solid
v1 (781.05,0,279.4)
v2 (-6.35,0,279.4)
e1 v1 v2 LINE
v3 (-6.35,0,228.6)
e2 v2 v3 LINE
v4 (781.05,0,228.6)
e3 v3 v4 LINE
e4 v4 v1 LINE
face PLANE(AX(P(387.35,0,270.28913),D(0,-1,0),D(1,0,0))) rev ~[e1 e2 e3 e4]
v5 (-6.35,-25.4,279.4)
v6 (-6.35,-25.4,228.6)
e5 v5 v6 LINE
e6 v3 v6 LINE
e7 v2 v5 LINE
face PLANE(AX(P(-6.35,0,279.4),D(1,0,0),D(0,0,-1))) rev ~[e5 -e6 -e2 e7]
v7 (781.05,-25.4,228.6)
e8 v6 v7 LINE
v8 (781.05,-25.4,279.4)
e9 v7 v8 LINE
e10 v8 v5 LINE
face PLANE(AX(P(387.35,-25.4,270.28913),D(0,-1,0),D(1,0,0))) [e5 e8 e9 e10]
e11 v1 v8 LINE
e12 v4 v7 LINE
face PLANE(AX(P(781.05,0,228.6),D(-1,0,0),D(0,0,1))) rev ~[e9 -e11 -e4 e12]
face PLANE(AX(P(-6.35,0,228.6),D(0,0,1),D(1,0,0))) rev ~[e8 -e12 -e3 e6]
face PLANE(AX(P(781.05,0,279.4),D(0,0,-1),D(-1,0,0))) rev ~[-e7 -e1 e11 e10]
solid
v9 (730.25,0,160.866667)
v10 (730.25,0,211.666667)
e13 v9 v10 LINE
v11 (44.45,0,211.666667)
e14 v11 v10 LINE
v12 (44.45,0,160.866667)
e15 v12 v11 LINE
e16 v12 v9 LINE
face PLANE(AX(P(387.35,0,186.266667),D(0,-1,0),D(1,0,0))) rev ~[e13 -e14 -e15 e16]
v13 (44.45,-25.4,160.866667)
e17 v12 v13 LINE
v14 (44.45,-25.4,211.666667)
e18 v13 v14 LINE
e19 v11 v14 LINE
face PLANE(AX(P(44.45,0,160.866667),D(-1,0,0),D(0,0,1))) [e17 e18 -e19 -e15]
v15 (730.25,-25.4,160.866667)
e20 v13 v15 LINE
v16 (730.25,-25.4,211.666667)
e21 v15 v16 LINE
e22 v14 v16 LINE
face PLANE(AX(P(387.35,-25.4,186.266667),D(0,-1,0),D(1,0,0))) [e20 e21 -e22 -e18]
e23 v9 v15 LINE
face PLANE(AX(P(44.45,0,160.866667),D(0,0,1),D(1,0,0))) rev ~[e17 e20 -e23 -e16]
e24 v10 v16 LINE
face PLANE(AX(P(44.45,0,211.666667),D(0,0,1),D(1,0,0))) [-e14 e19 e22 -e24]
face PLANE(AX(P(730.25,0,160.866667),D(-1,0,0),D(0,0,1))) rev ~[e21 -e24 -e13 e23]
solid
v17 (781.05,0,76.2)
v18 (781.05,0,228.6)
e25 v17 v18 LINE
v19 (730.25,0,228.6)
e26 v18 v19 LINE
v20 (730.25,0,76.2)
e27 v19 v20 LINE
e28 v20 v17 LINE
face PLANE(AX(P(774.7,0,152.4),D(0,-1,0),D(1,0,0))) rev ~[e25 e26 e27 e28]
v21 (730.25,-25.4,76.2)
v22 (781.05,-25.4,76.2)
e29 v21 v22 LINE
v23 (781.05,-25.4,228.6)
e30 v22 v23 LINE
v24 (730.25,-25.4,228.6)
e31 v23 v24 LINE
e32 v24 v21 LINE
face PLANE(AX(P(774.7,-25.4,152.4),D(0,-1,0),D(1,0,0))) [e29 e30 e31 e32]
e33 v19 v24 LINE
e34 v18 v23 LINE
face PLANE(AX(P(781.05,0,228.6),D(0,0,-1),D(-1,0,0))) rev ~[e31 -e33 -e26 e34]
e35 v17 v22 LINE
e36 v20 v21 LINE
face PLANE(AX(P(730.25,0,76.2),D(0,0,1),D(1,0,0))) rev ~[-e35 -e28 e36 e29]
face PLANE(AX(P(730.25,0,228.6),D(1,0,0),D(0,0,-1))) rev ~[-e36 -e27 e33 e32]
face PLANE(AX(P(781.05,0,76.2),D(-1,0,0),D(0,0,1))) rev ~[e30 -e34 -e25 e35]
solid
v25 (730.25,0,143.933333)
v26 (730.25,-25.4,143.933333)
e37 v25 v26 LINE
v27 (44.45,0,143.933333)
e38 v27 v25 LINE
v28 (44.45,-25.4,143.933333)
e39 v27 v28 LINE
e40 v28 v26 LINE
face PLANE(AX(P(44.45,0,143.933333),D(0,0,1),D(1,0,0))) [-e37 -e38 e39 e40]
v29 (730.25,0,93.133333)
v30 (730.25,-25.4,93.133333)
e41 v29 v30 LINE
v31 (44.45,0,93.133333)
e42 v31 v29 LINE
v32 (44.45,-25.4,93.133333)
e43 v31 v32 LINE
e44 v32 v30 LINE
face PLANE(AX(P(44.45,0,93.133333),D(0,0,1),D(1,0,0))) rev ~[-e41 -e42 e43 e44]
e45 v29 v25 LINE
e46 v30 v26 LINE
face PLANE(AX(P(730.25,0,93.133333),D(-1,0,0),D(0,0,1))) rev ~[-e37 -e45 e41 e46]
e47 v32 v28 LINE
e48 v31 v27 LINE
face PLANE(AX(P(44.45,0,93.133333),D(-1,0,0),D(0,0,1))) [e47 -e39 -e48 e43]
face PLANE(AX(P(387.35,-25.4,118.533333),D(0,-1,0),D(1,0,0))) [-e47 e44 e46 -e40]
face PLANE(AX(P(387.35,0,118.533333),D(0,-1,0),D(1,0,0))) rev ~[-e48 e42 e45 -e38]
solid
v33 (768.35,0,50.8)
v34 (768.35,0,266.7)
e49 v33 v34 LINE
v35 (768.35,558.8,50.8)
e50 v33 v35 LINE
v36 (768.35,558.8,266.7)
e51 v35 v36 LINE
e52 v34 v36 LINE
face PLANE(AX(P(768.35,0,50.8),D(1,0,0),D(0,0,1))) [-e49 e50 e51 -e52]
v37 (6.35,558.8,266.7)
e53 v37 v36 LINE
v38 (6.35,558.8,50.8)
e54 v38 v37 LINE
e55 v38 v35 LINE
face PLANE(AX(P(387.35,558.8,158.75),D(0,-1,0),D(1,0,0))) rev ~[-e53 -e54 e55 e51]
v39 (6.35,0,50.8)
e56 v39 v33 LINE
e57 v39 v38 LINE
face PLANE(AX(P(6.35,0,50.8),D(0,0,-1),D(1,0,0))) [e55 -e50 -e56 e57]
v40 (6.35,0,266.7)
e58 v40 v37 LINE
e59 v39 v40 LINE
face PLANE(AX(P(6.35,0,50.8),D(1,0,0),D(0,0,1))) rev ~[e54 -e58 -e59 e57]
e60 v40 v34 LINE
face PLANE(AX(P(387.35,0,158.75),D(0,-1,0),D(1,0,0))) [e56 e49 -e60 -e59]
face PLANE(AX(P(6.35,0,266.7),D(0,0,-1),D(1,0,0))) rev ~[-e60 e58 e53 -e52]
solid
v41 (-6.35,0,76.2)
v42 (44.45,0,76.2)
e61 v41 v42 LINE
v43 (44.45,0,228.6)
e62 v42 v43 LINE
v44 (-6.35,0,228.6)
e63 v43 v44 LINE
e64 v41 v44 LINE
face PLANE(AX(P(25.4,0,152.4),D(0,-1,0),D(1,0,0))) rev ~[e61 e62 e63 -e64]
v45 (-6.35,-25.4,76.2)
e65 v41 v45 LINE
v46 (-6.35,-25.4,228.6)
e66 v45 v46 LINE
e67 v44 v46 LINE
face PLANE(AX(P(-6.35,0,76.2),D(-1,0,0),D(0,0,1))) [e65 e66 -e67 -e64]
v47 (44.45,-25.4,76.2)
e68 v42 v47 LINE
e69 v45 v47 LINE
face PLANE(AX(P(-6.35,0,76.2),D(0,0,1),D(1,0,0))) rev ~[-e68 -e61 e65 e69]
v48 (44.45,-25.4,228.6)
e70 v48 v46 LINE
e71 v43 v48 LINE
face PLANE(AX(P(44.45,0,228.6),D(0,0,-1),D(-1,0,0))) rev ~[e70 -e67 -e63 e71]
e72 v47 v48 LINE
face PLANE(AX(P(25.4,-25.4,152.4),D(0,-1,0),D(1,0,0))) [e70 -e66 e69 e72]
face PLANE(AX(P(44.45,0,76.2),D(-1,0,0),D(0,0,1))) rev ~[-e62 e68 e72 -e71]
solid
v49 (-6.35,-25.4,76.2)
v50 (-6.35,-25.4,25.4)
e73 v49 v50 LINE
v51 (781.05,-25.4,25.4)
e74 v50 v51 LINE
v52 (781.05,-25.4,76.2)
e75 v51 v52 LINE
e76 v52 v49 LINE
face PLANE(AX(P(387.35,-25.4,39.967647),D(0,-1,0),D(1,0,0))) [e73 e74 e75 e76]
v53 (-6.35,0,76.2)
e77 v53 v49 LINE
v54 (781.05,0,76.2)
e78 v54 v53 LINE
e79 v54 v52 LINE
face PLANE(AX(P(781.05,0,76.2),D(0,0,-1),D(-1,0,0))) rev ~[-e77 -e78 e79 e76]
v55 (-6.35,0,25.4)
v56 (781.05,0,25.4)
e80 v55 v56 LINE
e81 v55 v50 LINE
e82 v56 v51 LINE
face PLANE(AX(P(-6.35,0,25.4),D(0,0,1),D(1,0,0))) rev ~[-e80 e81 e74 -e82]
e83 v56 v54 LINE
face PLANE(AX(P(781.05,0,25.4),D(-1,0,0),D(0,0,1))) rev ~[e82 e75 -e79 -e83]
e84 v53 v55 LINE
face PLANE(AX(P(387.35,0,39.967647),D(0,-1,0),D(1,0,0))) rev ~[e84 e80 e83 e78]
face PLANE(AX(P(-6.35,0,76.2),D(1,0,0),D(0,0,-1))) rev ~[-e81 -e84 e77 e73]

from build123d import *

# Parameters (mm, degrees)
F0_W     = 762
F0_H     = 215.9
F1_DEPTH = 558.8
F3_DEPTH = 25.4
F2_W     = 12.7
F2_H     = 152.4
F4_DEPTH = 25.4
F2_W_2   = 685.8
F2_H_2   = 50.8
F5_DEPTH = 25.4
F6_DEPTH = 25.4
F7_DEPTH = 25.4
F8_DEPTH = 25.4


with BuildPart() as f1:
    # F0 (on Front) → F1 (new body)
    with BuildSketch(Plane.XZ):
        with Locations((387.35, 158.75)):
            Rectangle(F0_W, F0_H)
    extrude(amount=-F1_DEPTH)


with BuildPart() as f3:
    # F2 (on face) → F3 (new body)
    with BuildSketch(Plane.XZ):
        Polygon((-6.35, 228.6), (6.35, 228.6), (6.35, 266.7), (768.35, 266.7), (768.35, 228.6), (781.05, 228.6), (781.05, 279.4), (-6.35, 279.4), align=None)
        Polygon((6.35, 228.6), (44.45, 228.6), (730.25, 228.6), (768.35, 228.6), (768.35, 266.7), (6.35, 266.7), align=None)
    extrude(amount=F3_DEPTH)


with BuildPart() as f4:
    # F2 (on face) → F4 (new body)
    with BuildSketch(Plane.XZ):
        with Locations((774.7, 152.4)):
            Rectangle(F2_W, F2_H)
        Polygon((768.35, 228.6), (730.25, 228.6), (730.25, 211.666667), (730.25, 160.866667), (730.25, 143.933333), (730.25, 93.133333), (730.25, 76.2), (768.35, 76.2), align=None)
    extrude(amount=F4_DEPTH)


with BuildPart() as f5:
    # F2 (on face) → F5 (new body)
    with BuildSketch(Plane.XZ):
        with Locations((387.35, 186.266667)):
            Rectangle(F2_W_2, F2_H_2)
    extrude(amount=F5_DEPTH)


with BuildPart() as f6:
    # F2 (on face) → F6 (new body)
    with BuildSketch(Plane.XZ):
        with Locations((387.35, 118.533333)):
            Rectangle(F2_W_2, F2_H_2)
    extrude(amount=F6_DEPTH)


with BuildPart() as f7:
    # F2 (on face) → F7 (new body)
    with BuildSketch(Plane.XZ):
        Polygon((6.35, 50.8), (6.35, 76.2), (-6.35, 76.2), (-6.35, 25.4), (781.05, 25.4), (781.05, 76.2), (768.35, 76.2), (768.35, 50.8), align=None)
        Polygon((44.45, 76.2), (6.35, 76.2), (6.35, 50.8), (768.35, 50.8), (768.35, 76.2), (730.25, 76.2), align=None)
    extrude(amount=F7_DEPTH)


with BuildPart() as f8:
    # F2 (on face) → F8 (new body)
    with BuildSketch(Plane.XZ):
        Polygon((44.45, 211.666667), (44.45, 228.6), (6.35, 228.6), (6.35, 76.2), (44.45, 76.2), (44.45, 93.133333), (44.45, 143.933333), (44.45, 160.866667), align=None)
        with Locations((0, 152.4)):
            Rectangle(F2_W, F2_H)
    extrude(amount=F8_DEPTH)


solid = Compound([f1.part, f3.part, f4.part, f5.part, f6.part, f7.part, f8.part])
